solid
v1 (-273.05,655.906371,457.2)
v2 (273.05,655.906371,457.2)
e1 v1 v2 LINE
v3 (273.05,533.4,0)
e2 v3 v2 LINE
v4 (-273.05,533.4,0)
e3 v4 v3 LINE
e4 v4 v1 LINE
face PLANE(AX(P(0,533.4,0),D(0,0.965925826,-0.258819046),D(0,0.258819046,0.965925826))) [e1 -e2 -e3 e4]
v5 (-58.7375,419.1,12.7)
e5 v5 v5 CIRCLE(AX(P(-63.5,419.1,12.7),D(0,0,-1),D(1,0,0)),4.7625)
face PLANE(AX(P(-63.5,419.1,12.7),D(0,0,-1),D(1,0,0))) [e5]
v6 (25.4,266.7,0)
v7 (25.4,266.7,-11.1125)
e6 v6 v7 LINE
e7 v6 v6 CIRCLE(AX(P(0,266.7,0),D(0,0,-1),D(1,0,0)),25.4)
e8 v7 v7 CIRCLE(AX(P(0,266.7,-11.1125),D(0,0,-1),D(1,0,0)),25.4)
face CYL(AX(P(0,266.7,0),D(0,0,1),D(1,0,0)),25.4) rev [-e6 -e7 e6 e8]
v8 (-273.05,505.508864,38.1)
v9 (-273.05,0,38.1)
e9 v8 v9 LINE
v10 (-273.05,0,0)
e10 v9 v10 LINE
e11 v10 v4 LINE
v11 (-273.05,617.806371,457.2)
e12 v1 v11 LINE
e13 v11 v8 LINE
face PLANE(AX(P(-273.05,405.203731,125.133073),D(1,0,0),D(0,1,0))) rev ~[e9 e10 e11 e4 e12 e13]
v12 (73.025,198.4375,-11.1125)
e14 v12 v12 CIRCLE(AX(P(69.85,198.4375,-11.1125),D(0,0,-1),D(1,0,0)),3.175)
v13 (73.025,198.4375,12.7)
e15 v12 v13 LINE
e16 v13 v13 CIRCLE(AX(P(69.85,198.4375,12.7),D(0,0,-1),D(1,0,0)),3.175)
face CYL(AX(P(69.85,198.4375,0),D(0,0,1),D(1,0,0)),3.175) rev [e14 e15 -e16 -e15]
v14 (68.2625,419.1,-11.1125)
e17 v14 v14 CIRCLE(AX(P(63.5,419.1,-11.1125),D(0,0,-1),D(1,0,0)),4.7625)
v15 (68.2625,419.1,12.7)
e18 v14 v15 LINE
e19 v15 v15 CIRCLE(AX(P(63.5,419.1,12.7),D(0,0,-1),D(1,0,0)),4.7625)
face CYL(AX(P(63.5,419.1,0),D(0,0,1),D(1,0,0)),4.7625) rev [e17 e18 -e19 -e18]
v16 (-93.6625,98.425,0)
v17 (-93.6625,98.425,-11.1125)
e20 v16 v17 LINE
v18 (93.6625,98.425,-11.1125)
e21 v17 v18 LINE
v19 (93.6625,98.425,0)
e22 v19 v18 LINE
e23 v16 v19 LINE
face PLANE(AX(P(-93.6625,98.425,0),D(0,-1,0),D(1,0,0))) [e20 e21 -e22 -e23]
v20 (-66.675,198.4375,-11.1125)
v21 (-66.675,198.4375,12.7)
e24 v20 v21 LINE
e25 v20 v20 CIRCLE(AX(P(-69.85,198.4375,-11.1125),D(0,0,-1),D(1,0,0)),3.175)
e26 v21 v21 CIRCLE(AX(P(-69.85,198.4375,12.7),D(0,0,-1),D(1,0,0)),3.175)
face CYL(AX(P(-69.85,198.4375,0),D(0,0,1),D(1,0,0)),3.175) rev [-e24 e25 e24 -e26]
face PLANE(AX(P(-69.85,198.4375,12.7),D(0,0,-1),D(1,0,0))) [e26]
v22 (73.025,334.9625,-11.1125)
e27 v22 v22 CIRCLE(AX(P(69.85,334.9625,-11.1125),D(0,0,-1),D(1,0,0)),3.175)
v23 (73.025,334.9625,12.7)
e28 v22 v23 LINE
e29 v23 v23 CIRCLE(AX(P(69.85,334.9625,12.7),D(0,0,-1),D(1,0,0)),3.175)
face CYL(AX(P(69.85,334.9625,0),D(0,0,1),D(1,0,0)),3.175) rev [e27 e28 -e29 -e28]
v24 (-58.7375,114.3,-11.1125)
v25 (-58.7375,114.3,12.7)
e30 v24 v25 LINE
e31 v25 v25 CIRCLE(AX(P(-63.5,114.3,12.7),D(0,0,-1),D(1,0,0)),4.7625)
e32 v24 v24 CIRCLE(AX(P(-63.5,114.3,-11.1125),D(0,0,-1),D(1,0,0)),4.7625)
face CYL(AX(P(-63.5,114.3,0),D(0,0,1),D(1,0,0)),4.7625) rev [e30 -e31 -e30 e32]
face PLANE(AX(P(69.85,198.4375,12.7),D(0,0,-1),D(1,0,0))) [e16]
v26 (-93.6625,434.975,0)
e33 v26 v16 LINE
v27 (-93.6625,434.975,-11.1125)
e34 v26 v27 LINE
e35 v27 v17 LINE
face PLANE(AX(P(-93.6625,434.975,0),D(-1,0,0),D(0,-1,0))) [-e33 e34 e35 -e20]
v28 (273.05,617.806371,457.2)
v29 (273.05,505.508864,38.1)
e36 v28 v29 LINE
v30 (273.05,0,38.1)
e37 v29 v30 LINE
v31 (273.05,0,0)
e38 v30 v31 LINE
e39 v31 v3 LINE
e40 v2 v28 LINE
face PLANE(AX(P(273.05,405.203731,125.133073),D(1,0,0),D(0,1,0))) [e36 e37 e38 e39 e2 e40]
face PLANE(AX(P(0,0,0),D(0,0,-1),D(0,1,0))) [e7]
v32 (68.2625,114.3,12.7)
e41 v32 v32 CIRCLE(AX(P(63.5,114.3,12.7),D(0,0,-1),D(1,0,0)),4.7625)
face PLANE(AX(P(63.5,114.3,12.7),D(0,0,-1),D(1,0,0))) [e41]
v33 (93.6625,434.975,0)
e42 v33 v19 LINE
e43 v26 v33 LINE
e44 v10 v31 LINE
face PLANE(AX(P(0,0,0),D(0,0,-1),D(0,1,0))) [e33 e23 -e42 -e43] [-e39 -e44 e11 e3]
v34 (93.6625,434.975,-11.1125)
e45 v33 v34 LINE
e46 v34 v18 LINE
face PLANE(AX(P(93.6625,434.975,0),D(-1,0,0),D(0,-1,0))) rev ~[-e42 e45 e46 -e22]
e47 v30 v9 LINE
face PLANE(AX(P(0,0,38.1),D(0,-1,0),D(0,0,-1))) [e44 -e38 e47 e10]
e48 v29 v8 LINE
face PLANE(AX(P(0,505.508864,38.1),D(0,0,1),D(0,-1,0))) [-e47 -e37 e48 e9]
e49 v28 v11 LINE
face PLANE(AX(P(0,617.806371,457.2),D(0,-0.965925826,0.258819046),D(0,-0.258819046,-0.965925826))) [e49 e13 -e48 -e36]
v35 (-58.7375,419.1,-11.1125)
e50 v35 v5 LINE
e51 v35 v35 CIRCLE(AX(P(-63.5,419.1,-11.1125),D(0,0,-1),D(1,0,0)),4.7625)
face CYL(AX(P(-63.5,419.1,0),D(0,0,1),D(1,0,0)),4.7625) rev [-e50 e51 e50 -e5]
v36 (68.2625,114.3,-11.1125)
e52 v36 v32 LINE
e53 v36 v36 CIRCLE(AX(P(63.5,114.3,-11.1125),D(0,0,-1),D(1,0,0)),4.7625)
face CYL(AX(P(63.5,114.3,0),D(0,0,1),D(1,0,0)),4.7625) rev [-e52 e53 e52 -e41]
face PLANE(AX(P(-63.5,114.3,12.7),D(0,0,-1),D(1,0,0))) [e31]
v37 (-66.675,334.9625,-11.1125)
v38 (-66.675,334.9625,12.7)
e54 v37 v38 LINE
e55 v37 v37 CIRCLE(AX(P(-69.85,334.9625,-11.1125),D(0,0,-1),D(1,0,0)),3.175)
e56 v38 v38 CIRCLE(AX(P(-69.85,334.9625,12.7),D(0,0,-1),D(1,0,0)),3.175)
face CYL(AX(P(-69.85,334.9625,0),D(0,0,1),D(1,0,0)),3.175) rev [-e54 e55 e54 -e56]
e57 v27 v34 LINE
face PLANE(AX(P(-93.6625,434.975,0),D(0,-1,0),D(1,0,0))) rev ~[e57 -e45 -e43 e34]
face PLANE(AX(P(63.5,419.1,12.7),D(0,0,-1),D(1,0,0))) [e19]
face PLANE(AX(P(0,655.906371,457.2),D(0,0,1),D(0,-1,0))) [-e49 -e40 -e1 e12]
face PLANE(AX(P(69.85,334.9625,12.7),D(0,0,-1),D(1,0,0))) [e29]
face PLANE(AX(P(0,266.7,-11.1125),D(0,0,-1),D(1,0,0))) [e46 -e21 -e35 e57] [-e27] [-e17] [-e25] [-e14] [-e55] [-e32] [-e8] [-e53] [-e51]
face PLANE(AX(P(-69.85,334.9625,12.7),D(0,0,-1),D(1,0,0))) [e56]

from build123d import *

# Parameters (mm, degrees)
F1_DEPTH      = 273.05
F1_DEPTH_BACK = 273.05
F2_R          = 4.7625
F2_R_2        = 3.175
F3_DEPTH      = 12.7
F4_W          = 187.325
F4_H          = 336.55
F4_R          = 4.7625
F4_R_2        = 3.175
F4_R_3        = 25.4
F5_DEPTH      = 11.1125


with BuildPart() as f1:
    # F0 (on Right) → F1 (new body, two sides)
    with BuildSketch(Plane.YZ) as f1_sk:
        Polygon((0, 38.1), (0, 0), (533.4, 0), (655.906371, 457.2), (617.806371, 457.2), (505.508864, 38.1), align=None)
    extrude(amount=F1_DEPTH)
    extrude(f1_sk.sketch, amount=-F1_DEPTH_BACK)

    # F2 (on face) → F3 (cut)
    with BuildSketch(Plane(origin=(0, 0, 0), x_dir=(1, 0, 0), z_dir=(0, 0, -1))):
        with Locations((-63.5, -114.3)):
            Circle(F2_R)
        with Locations((-63.5, -419.1)):
            Circle(F2_R)
        with Locations((63.5, -419.1)):
            Circle(F2_R)
        with Locations((69.85, -334.9625)):
            Circle(F2_R_2)
        with Locations((69.85, -198.4375)):
            Circle(F2_R_2)
        with Locations((-69.85, -198.4375)):
            Circle(F2_R_2)
        with Locations((-69.85, -334.9625)):
            Circle(F2_R_2)
        with Locations((63.5, -114.3)):
            Circle(F2_R)
    extrude(amount=-F3_DEPTH, mode=Mode.SUBTRACT)

    # F4 (on face) → F5 (join)
    with BuildSketch(Plane(origin=(0, 0, 0), x_dir=(1, 0, 0), z_dir=(0, 0, -1))):
        with Locations((0, -266.7)):
            Rectangle(F4_W, F4_H)
        with Locations((-63.5, -419.1)):
            Circle(F4_R, mode=Mode.SUBTRACT)
        with Locations((-69.85, -334.9625)):
            Circle(F4_R_2, mode=Mode.SUBTRACT)
        with Locations((63.5, -419.1)):
            Circle(F4_R, mode=Mode.SUBTRACT)
        with Locations((69.85, -334.9625)):
            Circle(F4_R_2, mode=Mode.SUBTRACT)
        with Locations((-69.85, -198.4375)):
            Circle(F4_R_2, mode=Mode.SUBTRACT)
        with Locations((-63.5, -114.3)):
            Circle(F4_R, mode=Mode.SUBTRACT)
        with Locations((0, -266.7)):
            Circle(F4_R_3, mode=Mode.SUBTRACT)
        with Locations((69.85, -198.4375)):
            Circle(F4_R_2, mode=Mode.SUBTRACT)
        with Locations((63.5, -114.3)):
            Circle(F4_R, mode=Mode.SUBTRACT)
    extrude(amount=F5_DEPTH)


solid = f1.part
